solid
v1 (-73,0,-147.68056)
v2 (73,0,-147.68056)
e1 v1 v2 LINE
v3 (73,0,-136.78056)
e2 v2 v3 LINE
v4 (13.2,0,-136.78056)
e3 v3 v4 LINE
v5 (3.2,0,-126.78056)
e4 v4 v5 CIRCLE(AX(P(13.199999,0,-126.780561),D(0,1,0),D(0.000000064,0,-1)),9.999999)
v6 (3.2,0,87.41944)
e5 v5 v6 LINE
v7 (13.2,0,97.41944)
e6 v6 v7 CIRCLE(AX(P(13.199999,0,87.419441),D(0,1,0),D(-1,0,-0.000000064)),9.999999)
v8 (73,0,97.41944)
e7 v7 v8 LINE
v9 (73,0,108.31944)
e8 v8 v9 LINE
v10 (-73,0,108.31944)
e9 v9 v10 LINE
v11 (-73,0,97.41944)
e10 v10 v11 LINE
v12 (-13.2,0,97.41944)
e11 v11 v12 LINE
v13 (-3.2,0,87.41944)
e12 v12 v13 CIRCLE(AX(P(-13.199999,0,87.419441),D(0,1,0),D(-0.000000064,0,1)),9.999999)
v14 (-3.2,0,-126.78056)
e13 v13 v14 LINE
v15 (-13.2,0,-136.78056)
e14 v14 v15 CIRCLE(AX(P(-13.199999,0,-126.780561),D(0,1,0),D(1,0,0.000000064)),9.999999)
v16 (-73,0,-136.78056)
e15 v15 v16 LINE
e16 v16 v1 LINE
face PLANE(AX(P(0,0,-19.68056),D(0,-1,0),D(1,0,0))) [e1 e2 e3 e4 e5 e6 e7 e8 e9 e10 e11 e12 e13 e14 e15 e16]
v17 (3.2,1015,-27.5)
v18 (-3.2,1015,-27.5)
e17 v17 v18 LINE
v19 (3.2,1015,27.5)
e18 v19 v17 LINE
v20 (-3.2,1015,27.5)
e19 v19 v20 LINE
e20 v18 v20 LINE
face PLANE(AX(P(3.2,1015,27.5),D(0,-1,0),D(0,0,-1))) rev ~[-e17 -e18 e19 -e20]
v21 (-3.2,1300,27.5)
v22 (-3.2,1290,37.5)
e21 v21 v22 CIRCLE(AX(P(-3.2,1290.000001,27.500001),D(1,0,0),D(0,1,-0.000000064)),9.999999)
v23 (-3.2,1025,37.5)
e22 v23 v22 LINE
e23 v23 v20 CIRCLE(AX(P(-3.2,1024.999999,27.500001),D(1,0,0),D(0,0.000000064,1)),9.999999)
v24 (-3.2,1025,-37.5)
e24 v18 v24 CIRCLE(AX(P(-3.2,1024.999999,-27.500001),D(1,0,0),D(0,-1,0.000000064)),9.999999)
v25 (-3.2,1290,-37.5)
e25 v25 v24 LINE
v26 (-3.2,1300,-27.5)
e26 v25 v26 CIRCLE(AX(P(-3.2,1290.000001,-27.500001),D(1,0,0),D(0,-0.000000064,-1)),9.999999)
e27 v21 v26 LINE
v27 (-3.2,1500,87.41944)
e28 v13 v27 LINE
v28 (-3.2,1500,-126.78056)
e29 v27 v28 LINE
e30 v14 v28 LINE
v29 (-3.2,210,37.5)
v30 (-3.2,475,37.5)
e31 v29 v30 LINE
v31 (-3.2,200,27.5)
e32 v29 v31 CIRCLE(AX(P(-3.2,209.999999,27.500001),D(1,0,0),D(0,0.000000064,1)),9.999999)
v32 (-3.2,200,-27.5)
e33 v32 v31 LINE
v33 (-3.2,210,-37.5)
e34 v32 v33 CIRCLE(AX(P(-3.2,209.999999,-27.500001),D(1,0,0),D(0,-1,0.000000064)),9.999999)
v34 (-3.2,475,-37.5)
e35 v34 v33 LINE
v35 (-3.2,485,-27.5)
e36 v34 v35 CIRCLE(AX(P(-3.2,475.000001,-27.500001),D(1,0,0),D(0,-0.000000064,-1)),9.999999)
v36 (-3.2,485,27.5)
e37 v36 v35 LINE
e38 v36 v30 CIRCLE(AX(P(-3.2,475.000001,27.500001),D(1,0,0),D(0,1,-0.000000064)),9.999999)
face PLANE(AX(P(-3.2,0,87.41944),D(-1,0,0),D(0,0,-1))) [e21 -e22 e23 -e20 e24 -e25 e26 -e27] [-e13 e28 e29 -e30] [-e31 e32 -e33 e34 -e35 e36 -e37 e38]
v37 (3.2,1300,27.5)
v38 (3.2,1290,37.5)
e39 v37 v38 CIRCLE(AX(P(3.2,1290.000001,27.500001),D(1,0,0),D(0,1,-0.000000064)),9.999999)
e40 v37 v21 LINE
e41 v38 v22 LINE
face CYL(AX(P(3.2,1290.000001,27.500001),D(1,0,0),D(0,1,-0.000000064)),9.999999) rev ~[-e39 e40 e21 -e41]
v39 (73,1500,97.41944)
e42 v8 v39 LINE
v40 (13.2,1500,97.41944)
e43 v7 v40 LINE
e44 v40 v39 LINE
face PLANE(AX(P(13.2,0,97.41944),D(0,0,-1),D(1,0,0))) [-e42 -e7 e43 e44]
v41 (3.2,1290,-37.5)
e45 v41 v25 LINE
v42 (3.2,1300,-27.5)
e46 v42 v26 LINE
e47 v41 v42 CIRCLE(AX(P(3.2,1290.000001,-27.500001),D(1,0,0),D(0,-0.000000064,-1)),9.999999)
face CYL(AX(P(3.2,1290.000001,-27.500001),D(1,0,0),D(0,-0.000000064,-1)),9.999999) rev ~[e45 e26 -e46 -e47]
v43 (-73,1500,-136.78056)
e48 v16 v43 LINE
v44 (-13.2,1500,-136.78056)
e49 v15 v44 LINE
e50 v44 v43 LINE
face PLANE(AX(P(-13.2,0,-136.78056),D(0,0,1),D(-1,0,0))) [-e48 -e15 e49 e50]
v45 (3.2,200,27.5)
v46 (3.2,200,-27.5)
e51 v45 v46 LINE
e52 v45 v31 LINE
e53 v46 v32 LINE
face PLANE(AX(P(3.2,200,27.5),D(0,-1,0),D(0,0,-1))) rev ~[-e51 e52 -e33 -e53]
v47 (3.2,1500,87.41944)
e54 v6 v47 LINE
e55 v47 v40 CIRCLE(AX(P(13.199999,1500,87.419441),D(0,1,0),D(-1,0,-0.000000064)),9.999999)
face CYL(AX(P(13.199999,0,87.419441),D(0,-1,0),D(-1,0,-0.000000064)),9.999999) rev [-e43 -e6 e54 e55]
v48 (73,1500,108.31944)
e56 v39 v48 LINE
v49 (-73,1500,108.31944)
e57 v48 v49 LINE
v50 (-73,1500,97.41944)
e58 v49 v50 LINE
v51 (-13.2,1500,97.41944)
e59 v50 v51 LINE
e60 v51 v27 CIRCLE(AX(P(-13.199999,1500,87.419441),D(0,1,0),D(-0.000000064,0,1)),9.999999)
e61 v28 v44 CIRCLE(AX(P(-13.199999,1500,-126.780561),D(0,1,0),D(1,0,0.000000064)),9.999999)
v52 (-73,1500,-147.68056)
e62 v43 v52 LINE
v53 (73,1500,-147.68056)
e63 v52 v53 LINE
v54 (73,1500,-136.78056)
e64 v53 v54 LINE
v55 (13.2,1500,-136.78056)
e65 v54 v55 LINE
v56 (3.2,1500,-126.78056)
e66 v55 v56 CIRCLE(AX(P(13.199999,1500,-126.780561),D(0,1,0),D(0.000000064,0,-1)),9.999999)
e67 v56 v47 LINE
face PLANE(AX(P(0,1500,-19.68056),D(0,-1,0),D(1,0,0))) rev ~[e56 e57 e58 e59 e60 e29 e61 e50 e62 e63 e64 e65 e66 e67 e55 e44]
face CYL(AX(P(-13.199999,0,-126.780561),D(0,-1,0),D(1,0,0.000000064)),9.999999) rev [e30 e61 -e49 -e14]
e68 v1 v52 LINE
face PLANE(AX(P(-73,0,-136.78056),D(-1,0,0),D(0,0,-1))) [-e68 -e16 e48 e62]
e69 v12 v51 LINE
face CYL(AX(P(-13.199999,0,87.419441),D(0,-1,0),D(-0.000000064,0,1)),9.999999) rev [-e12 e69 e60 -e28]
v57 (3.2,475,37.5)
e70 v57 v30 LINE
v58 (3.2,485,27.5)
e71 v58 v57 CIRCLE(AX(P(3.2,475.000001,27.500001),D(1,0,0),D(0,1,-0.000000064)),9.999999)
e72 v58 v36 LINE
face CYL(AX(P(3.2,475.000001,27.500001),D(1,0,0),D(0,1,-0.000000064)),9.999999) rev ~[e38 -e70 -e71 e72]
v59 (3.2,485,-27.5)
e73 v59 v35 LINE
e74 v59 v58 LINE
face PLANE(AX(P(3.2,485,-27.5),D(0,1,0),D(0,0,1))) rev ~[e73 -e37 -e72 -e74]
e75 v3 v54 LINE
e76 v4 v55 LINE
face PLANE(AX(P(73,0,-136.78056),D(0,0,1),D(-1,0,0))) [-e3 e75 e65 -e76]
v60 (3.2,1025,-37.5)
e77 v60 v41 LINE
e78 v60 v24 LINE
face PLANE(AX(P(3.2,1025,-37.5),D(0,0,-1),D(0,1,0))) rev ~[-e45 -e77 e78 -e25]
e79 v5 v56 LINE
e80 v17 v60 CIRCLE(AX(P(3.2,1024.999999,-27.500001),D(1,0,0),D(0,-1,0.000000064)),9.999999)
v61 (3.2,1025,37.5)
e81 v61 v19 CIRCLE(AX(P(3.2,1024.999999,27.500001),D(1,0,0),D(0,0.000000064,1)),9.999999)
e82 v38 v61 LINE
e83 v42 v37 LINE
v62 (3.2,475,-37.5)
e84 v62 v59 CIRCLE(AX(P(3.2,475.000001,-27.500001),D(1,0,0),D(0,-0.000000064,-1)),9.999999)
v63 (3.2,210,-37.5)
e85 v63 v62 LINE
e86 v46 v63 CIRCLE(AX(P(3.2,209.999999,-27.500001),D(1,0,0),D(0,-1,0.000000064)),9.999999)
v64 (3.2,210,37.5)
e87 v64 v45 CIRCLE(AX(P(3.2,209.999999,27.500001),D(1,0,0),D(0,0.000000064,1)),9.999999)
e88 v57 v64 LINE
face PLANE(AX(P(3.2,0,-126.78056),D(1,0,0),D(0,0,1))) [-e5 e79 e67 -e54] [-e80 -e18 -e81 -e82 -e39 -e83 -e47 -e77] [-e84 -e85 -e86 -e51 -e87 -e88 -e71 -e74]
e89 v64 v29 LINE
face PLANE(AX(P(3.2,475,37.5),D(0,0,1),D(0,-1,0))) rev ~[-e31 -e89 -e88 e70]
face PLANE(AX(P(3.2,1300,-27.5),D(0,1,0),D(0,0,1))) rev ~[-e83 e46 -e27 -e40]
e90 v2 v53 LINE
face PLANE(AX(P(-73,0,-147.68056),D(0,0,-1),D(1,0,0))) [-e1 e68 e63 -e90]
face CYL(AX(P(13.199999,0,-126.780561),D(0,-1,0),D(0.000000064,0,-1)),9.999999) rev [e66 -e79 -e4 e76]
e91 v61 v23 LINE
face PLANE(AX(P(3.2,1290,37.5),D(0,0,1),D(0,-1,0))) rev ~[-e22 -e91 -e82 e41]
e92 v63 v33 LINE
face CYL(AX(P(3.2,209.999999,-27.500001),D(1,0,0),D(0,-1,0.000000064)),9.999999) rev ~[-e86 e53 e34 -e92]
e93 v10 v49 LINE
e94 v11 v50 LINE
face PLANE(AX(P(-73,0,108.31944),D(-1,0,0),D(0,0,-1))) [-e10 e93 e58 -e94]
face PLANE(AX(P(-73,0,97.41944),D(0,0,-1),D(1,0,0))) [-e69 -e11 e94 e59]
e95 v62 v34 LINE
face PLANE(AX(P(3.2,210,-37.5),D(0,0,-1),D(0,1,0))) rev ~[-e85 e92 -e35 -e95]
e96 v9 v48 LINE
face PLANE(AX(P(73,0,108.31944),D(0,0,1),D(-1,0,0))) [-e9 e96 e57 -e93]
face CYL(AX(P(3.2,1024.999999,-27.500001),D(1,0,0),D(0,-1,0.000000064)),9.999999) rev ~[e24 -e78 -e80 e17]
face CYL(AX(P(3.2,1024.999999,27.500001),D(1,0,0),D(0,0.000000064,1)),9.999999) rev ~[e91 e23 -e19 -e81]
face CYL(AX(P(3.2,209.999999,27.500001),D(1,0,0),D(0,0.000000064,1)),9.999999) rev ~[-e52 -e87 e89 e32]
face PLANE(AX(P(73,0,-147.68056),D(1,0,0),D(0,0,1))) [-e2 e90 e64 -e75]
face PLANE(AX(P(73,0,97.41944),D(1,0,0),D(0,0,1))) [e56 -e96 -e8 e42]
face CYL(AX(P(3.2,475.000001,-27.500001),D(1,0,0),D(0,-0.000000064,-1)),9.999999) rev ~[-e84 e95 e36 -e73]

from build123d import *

# Parameters (mm, degrees)
F1_DEPTH = 1500
F3_DEPTH = 76.201


with BuildPart() as f1:
    # F0 (on Front) → F1 (new body)
    with BuildSketch(Plane.XZ):
        with BuildLine():
            Line((73, 108.31944), (0, 108.31944))
            Line((0, 108.31944), (-73, 108.31944))
            Line((-73, 108.31944), (-73, 97.41944))
            Line((-73, 97.41944), (-13.2, 97.41944))
            ThreePointArc((-13.2, 97.41944), (-6.128932, 94.490508), (-3.2, 87.41944))
            Line((-3.2, 87.41944), (-3.2, -126.78056))
            ThreePointArc((-3.2, -126.78056), (-6.128932, -133.851628), (-13.2, -136.78056))
            Line((-13.2, -136.78056), (-73, -136.78056))
            Line((-73, -136.78056), (-73, -147.68056))
            Line((-73, -147.68056), (0, -147.68056))
            Line((0, -147.68056), (73, -147.68056))
            Line((73, -147.68056), (73, -136.78056))
            Line((73, -136.78056), (13.2, -136.78056))
            ThreePointArc((13.2, -136.78056), (6.128932, -133.851628), (3.2, -126.78056))
            Line((3.2, -126.78056), (3.2, 87.41944))
            ThreePointArc((3.2, 87.41944), (6.128932, 94.490508), (13.2, 97.41944))
            Line((13.2, 97.41944), (73, 97.41944))
            Line((73, 97.41944), (73, 108.31944))
        make_face()
    extrude(amount=-F1_DEPTH)

    # F2 (on face) → F3 (cut, through all)
    with BuildSketch(Plane.YZ.offset(3.2)):
        with BuildLine():
            Line((475, 37.5), (210, 37.5))
            ThreePointArc((210, 37.5), (202.928932, 34.571068), (200, 27.5))
            Line((200, 27.5), (200, -27.5))
            ThreePointArc((200, -27.5), (202.928932, -34.571068), (210, -37.5))
            Line((210, -37.5), (475, -37.5))
            ThreePointArc((475, -37.5), (482.071068, -34.571068), (485, -27.5))
            Line((485, -27.5), (485, 27.5))
            ThreePointArc((485, 27.5), (482.071068, 34.571068), (475, 37.5))
        make_face()
        with BuildLine():
            Line((1290, 37.5), (1025, 37.5))
            ThreePointArc((1025, 37.5), (1017.928932, 34.571068), (1015, 27.5))
            Line((1015, 27.5), (1015, -27.5))
            ThreePointArc((1015, -27.5), (1017.928932, -34.571068), (1025, -37.5))
            Line((1025, -37.5), (1290, -37.5))
            ThreePointArc((1290, -37.5), (1297.071068, -34.571068), (1300, -27.5))
            Line((1300, -27.5), (1300, 27.5))
            ThreePointArc((1300, 27.5), (1297.071068, 34.571068), (1290, 37.5))
        make_face()
    extrude(amount=-F3_DEPTH, mode=Mode.SUBTRACT)


solid = f1.part
